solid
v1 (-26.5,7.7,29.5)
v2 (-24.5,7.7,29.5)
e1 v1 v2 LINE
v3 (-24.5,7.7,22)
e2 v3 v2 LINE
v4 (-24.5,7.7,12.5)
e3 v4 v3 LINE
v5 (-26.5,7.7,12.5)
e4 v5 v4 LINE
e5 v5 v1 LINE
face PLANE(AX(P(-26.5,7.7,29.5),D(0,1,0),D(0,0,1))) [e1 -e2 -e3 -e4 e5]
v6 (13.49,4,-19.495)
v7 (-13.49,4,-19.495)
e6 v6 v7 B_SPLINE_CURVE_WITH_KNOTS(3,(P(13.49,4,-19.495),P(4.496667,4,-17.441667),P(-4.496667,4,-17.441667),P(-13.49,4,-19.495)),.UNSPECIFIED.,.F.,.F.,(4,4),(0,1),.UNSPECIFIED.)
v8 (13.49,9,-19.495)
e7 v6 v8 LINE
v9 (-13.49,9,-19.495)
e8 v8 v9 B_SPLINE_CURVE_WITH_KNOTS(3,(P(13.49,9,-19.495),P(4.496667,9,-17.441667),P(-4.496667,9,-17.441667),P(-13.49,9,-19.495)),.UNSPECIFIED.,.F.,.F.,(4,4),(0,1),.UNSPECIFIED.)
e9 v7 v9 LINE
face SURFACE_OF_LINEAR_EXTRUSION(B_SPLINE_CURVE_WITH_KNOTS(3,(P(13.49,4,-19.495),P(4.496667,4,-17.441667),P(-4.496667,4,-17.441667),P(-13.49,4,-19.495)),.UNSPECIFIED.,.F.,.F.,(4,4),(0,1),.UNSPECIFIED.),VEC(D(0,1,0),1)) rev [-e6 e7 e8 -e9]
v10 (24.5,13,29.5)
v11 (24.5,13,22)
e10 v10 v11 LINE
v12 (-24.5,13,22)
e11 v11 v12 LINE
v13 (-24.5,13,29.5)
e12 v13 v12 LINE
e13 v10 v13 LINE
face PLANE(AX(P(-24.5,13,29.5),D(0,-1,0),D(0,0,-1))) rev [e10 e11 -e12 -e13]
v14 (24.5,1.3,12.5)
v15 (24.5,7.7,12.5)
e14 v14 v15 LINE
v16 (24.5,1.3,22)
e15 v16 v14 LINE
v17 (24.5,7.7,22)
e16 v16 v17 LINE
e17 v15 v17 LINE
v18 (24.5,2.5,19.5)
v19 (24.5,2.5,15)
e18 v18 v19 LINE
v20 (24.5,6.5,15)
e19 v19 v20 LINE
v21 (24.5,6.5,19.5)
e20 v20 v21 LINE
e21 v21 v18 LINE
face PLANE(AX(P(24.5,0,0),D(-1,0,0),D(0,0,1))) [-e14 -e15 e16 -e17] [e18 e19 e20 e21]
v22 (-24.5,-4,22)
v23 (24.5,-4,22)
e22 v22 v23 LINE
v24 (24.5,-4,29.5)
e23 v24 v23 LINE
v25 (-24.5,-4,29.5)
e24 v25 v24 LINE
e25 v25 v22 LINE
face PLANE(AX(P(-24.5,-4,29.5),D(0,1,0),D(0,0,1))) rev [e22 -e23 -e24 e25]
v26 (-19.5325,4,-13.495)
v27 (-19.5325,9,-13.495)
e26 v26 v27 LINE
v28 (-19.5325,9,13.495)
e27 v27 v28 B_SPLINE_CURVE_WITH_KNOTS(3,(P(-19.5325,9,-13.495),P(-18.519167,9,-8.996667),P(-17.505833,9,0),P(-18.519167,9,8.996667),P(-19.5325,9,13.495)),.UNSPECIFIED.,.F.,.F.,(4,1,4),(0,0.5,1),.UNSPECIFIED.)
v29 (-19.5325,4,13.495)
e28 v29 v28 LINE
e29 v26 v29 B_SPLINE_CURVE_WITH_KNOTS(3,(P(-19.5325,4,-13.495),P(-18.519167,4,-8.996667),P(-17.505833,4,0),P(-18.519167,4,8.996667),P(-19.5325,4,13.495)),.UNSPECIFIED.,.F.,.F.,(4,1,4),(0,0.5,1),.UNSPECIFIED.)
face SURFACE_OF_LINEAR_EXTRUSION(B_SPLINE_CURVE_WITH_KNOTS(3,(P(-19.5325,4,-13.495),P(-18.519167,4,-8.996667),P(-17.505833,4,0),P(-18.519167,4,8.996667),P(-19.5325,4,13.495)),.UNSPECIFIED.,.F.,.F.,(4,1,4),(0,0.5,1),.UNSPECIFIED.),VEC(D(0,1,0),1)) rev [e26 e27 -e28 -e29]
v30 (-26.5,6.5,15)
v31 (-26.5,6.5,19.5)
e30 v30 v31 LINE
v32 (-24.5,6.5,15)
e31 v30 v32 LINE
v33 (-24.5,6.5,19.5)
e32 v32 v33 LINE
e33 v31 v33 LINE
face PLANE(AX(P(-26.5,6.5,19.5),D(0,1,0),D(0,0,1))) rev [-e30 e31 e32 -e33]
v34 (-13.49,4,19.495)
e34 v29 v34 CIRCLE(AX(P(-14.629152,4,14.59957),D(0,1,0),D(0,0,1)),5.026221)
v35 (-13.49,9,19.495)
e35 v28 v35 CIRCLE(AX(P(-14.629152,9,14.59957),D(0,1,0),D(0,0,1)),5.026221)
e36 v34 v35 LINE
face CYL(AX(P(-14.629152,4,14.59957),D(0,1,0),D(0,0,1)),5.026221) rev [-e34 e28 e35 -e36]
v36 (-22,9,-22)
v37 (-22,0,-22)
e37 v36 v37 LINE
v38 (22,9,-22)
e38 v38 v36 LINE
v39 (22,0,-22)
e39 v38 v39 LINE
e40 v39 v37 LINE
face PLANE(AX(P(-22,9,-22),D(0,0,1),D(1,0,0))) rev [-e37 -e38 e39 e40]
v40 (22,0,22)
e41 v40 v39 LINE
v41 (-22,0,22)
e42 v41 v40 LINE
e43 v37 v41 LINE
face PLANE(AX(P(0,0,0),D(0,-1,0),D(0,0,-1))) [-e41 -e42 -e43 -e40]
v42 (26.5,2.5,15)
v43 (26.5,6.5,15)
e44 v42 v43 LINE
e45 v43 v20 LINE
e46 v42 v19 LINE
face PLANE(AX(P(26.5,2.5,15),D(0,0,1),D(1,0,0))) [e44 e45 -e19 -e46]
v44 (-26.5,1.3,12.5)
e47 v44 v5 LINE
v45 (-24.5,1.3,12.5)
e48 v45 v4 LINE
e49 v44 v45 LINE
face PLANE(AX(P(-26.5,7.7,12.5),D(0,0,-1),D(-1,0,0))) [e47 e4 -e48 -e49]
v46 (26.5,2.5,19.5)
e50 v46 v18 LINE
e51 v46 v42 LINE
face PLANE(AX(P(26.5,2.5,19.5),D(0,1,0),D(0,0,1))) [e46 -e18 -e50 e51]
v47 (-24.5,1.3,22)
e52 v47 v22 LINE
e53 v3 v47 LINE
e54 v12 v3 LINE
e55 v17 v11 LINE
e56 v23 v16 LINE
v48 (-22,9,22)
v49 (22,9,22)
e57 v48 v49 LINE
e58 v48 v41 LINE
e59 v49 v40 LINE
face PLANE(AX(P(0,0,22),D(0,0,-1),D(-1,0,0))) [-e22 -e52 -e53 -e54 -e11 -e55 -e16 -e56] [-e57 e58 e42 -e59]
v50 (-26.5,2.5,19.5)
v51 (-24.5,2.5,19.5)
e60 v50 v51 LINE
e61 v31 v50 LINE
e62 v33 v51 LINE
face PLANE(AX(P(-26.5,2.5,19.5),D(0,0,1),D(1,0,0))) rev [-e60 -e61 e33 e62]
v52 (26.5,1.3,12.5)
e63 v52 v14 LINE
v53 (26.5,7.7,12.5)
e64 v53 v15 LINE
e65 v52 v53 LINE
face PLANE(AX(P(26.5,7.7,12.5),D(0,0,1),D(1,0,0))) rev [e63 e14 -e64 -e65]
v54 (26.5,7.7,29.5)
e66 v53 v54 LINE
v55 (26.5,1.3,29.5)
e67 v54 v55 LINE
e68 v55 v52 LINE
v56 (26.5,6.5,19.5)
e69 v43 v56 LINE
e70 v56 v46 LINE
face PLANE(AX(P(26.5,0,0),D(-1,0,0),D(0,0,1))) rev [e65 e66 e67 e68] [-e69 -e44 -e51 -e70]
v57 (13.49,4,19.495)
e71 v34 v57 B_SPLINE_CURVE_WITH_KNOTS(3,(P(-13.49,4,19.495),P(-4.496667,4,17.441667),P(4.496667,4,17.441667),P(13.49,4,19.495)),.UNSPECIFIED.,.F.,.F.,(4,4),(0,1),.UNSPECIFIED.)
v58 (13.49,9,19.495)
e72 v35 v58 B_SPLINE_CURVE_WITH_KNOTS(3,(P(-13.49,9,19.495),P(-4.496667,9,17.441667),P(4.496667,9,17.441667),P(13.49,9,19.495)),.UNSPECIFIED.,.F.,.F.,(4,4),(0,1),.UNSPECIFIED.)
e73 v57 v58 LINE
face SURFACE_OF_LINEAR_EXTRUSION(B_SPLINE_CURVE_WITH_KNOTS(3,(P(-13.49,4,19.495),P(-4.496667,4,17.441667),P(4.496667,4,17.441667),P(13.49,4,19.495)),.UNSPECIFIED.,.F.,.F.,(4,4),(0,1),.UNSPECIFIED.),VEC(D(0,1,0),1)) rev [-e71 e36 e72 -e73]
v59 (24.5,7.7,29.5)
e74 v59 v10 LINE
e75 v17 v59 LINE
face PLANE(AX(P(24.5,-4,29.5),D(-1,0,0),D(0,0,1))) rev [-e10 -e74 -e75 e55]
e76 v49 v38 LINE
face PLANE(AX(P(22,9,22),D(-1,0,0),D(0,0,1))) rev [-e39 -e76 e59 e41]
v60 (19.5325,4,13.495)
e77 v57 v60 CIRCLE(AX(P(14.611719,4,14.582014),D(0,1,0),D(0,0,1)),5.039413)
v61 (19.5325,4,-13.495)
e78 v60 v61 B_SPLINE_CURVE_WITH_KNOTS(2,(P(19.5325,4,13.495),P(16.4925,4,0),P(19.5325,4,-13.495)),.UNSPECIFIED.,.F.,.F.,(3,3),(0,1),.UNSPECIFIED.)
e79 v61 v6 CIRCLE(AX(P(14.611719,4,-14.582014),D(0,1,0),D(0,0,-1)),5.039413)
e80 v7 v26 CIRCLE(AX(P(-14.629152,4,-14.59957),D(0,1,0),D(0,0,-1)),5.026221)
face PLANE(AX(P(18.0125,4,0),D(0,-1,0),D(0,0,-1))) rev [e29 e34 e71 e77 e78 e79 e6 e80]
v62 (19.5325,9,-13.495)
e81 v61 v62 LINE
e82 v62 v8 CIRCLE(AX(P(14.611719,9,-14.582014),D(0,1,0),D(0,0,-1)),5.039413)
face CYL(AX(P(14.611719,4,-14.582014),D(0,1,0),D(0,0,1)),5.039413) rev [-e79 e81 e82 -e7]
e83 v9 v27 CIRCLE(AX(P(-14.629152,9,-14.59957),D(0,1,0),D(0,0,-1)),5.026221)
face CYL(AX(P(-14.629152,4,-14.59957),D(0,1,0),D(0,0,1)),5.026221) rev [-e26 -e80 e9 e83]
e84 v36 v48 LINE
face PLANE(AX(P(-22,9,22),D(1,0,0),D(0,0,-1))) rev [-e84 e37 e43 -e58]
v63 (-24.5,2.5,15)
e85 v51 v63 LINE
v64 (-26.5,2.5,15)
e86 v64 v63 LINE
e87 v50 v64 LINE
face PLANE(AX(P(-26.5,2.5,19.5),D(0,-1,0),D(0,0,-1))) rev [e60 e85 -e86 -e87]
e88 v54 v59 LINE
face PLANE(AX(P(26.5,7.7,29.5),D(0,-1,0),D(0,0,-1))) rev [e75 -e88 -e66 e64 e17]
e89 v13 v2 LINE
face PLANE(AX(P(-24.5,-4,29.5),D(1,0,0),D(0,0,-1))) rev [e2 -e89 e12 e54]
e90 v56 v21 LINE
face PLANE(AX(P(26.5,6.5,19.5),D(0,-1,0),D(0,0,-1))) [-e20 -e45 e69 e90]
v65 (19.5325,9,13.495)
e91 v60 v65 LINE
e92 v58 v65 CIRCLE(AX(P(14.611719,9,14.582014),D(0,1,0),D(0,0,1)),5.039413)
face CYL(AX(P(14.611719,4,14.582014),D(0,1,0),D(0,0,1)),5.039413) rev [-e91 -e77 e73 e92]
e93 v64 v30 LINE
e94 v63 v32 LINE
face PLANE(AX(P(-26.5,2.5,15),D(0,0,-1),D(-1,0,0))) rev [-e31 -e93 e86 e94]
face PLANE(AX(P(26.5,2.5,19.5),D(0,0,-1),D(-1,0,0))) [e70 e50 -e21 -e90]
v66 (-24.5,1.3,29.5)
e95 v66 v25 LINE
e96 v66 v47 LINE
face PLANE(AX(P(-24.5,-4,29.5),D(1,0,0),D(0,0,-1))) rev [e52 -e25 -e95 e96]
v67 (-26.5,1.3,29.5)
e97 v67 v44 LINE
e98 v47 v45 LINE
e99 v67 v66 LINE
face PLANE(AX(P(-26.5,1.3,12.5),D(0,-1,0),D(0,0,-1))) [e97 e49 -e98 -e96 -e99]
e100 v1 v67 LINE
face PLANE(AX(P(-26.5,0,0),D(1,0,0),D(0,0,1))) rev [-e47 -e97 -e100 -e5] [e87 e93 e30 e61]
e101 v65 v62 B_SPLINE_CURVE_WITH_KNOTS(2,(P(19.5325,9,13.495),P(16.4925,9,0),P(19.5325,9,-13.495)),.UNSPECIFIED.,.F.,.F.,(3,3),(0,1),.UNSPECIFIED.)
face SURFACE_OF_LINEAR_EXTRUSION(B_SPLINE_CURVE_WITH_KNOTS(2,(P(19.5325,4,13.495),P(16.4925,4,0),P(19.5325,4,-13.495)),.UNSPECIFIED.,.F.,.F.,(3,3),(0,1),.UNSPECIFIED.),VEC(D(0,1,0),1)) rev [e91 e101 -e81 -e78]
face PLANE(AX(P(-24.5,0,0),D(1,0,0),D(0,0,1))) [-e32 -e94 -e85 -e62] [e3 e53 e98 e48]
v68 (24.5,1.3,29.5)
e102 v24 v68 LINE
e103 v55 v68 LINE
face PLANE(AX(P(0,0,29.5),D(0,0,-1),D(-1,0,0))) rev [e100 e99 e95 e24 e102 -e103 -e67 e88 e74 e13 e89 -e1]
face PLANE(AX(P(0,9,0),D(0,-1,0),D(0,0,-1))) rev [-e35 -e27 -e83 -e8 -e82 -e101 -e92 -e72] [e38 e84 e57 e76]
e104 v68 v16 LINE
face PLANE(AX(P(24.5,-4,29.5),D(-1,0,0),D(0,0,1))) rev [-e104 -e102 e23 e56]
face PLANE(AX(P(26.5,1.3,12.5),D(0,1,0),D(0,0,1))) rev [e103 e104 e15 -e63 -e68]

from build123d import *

# Parameters (mm, degrees)
SKETCH1_W           = 44
SKETCH1_H           = 44
BOSS_EXTRUDE1_DEPTH = 9
SKETCH2_W           = 49
SKETCH2_H           = 17
BOSS_EXTRUDE2_DEPTH = 7.5
CUT_EXTRUDE1_DEPTH  = 5
SKETCH4_W           = 4.5
SKETCH4_H           = 4
BOSS_EXTRUDE3_DEPTH = 2


with BuildPart() as part:
    # Sketch1 → Boss-Extrude1 (new body)
    with BuildSketch(Plane(origin=(0, 0, 0), x_dir=(1, 0, 0), z_dir=(0, 1, 0))):
        Rectangle(SKETCH1_W, SKETCH1_H)
    extrude(amount=BOSS_EXTRUDE1_DEPTH)

    # Sketch2 → Boss-Extrude2 (add)
    with BuildSketch(Plane.XY.offset(22)):
        with Locations((0, 4.5)):
            Rectangle(SKETCH2_W, SKETCH2_H)
    extrude(amount=BOSS_EXTRUDE2_DEPTH)

    # Sketch3 → Cut-Extrude1 (cut)
    with BuildSketch(Plane(origin=(0, 9, 0), x_dir=(1, 0, 0), z_dir=(0, 1, 0))):
        with BuildLine():
            ThreePointArc((-19.5325, -13.495), (-18.170661955, -18.166166123), (-13.49, -19.495))
            add(Edge.make_bspline(
                [(-13.49, -19.495), (-4.496666667, -17.441666667), (4.496666667, -17.441666667), (13.49, -19.495)],
                knots=[0, 0, 0, 0, 1, 1, 1, 1], degree=3))
            ThreePointArc((13.49, -19.495), (18.162524477, -18.157971004), (19.5325, -13.495))
            add(Edge.make_bspline(
                [(19.5325, 13.495), (16.4925, 0), (19.5325, -13.495)],
                knots=[0, 0, 0, 1, 1, 1], degree=2))
            ThreePointArc((19.5325, 13.495), (18.162524477, 18.157971004), (13.49, 19.495))
            add(Edge.make_bspline(
                [(-13.49, 19.495), (-4.496666667, 17.441666667), (4.496666667, 17.441666667), (13.49, 19.495)],
                knots=[0, 0, 0, 0, 1, 1, 1, 1], degree=3))
            ThreePointArc((-13.49, 19.495), (-18.170661955, 18.166166123), (-19.5325, 13.495))
            add(Edge.make_bspline(
                [(-19.5325, 13.495), (-18.519166667, 8.996666667), (-17.505833333, 0), (-18.519166667, -8.996666667), (-19.5325, -13.495)],
                knots=[0, 0, 0, 0, 0.5, 1, 1, 1, 1], degree=3))
        make_face()
    extrude(amount=-CUT_EXTRUDE1_DEPTH, mode=Mode.SUBTRACT)

    # Sketch4 → Boss-Extrude3 (add)
    with BuildSketch(Plane(origin=(24.5, 0, 0), x_dir=(0, 0, -1), z_dir=(1, 0, 0))):
        Polygon((-29.5, 4.5), (-29.5, 7.7), (-12.5, 7.7), (-12.5, 1.3), (-29.5, 1.3), align=None)
        with Locations((-17.25, 4.5)):
            Rectangle(SKETCH4_W, SKETCH4_H, mode=Mode.SUBTRACT)
    boss_extrude3 = extrude(amount=BOSS_EXTRUDE3_DEPTH)

    # Mirror1: Boss-Extrude3 across plane
    add(boss_extrude3.mirror(Plane(origin=(0, 0, 0), x_dir=(0, 0, 1), z_dir=(1, 0, 0))))


solid = part.part
